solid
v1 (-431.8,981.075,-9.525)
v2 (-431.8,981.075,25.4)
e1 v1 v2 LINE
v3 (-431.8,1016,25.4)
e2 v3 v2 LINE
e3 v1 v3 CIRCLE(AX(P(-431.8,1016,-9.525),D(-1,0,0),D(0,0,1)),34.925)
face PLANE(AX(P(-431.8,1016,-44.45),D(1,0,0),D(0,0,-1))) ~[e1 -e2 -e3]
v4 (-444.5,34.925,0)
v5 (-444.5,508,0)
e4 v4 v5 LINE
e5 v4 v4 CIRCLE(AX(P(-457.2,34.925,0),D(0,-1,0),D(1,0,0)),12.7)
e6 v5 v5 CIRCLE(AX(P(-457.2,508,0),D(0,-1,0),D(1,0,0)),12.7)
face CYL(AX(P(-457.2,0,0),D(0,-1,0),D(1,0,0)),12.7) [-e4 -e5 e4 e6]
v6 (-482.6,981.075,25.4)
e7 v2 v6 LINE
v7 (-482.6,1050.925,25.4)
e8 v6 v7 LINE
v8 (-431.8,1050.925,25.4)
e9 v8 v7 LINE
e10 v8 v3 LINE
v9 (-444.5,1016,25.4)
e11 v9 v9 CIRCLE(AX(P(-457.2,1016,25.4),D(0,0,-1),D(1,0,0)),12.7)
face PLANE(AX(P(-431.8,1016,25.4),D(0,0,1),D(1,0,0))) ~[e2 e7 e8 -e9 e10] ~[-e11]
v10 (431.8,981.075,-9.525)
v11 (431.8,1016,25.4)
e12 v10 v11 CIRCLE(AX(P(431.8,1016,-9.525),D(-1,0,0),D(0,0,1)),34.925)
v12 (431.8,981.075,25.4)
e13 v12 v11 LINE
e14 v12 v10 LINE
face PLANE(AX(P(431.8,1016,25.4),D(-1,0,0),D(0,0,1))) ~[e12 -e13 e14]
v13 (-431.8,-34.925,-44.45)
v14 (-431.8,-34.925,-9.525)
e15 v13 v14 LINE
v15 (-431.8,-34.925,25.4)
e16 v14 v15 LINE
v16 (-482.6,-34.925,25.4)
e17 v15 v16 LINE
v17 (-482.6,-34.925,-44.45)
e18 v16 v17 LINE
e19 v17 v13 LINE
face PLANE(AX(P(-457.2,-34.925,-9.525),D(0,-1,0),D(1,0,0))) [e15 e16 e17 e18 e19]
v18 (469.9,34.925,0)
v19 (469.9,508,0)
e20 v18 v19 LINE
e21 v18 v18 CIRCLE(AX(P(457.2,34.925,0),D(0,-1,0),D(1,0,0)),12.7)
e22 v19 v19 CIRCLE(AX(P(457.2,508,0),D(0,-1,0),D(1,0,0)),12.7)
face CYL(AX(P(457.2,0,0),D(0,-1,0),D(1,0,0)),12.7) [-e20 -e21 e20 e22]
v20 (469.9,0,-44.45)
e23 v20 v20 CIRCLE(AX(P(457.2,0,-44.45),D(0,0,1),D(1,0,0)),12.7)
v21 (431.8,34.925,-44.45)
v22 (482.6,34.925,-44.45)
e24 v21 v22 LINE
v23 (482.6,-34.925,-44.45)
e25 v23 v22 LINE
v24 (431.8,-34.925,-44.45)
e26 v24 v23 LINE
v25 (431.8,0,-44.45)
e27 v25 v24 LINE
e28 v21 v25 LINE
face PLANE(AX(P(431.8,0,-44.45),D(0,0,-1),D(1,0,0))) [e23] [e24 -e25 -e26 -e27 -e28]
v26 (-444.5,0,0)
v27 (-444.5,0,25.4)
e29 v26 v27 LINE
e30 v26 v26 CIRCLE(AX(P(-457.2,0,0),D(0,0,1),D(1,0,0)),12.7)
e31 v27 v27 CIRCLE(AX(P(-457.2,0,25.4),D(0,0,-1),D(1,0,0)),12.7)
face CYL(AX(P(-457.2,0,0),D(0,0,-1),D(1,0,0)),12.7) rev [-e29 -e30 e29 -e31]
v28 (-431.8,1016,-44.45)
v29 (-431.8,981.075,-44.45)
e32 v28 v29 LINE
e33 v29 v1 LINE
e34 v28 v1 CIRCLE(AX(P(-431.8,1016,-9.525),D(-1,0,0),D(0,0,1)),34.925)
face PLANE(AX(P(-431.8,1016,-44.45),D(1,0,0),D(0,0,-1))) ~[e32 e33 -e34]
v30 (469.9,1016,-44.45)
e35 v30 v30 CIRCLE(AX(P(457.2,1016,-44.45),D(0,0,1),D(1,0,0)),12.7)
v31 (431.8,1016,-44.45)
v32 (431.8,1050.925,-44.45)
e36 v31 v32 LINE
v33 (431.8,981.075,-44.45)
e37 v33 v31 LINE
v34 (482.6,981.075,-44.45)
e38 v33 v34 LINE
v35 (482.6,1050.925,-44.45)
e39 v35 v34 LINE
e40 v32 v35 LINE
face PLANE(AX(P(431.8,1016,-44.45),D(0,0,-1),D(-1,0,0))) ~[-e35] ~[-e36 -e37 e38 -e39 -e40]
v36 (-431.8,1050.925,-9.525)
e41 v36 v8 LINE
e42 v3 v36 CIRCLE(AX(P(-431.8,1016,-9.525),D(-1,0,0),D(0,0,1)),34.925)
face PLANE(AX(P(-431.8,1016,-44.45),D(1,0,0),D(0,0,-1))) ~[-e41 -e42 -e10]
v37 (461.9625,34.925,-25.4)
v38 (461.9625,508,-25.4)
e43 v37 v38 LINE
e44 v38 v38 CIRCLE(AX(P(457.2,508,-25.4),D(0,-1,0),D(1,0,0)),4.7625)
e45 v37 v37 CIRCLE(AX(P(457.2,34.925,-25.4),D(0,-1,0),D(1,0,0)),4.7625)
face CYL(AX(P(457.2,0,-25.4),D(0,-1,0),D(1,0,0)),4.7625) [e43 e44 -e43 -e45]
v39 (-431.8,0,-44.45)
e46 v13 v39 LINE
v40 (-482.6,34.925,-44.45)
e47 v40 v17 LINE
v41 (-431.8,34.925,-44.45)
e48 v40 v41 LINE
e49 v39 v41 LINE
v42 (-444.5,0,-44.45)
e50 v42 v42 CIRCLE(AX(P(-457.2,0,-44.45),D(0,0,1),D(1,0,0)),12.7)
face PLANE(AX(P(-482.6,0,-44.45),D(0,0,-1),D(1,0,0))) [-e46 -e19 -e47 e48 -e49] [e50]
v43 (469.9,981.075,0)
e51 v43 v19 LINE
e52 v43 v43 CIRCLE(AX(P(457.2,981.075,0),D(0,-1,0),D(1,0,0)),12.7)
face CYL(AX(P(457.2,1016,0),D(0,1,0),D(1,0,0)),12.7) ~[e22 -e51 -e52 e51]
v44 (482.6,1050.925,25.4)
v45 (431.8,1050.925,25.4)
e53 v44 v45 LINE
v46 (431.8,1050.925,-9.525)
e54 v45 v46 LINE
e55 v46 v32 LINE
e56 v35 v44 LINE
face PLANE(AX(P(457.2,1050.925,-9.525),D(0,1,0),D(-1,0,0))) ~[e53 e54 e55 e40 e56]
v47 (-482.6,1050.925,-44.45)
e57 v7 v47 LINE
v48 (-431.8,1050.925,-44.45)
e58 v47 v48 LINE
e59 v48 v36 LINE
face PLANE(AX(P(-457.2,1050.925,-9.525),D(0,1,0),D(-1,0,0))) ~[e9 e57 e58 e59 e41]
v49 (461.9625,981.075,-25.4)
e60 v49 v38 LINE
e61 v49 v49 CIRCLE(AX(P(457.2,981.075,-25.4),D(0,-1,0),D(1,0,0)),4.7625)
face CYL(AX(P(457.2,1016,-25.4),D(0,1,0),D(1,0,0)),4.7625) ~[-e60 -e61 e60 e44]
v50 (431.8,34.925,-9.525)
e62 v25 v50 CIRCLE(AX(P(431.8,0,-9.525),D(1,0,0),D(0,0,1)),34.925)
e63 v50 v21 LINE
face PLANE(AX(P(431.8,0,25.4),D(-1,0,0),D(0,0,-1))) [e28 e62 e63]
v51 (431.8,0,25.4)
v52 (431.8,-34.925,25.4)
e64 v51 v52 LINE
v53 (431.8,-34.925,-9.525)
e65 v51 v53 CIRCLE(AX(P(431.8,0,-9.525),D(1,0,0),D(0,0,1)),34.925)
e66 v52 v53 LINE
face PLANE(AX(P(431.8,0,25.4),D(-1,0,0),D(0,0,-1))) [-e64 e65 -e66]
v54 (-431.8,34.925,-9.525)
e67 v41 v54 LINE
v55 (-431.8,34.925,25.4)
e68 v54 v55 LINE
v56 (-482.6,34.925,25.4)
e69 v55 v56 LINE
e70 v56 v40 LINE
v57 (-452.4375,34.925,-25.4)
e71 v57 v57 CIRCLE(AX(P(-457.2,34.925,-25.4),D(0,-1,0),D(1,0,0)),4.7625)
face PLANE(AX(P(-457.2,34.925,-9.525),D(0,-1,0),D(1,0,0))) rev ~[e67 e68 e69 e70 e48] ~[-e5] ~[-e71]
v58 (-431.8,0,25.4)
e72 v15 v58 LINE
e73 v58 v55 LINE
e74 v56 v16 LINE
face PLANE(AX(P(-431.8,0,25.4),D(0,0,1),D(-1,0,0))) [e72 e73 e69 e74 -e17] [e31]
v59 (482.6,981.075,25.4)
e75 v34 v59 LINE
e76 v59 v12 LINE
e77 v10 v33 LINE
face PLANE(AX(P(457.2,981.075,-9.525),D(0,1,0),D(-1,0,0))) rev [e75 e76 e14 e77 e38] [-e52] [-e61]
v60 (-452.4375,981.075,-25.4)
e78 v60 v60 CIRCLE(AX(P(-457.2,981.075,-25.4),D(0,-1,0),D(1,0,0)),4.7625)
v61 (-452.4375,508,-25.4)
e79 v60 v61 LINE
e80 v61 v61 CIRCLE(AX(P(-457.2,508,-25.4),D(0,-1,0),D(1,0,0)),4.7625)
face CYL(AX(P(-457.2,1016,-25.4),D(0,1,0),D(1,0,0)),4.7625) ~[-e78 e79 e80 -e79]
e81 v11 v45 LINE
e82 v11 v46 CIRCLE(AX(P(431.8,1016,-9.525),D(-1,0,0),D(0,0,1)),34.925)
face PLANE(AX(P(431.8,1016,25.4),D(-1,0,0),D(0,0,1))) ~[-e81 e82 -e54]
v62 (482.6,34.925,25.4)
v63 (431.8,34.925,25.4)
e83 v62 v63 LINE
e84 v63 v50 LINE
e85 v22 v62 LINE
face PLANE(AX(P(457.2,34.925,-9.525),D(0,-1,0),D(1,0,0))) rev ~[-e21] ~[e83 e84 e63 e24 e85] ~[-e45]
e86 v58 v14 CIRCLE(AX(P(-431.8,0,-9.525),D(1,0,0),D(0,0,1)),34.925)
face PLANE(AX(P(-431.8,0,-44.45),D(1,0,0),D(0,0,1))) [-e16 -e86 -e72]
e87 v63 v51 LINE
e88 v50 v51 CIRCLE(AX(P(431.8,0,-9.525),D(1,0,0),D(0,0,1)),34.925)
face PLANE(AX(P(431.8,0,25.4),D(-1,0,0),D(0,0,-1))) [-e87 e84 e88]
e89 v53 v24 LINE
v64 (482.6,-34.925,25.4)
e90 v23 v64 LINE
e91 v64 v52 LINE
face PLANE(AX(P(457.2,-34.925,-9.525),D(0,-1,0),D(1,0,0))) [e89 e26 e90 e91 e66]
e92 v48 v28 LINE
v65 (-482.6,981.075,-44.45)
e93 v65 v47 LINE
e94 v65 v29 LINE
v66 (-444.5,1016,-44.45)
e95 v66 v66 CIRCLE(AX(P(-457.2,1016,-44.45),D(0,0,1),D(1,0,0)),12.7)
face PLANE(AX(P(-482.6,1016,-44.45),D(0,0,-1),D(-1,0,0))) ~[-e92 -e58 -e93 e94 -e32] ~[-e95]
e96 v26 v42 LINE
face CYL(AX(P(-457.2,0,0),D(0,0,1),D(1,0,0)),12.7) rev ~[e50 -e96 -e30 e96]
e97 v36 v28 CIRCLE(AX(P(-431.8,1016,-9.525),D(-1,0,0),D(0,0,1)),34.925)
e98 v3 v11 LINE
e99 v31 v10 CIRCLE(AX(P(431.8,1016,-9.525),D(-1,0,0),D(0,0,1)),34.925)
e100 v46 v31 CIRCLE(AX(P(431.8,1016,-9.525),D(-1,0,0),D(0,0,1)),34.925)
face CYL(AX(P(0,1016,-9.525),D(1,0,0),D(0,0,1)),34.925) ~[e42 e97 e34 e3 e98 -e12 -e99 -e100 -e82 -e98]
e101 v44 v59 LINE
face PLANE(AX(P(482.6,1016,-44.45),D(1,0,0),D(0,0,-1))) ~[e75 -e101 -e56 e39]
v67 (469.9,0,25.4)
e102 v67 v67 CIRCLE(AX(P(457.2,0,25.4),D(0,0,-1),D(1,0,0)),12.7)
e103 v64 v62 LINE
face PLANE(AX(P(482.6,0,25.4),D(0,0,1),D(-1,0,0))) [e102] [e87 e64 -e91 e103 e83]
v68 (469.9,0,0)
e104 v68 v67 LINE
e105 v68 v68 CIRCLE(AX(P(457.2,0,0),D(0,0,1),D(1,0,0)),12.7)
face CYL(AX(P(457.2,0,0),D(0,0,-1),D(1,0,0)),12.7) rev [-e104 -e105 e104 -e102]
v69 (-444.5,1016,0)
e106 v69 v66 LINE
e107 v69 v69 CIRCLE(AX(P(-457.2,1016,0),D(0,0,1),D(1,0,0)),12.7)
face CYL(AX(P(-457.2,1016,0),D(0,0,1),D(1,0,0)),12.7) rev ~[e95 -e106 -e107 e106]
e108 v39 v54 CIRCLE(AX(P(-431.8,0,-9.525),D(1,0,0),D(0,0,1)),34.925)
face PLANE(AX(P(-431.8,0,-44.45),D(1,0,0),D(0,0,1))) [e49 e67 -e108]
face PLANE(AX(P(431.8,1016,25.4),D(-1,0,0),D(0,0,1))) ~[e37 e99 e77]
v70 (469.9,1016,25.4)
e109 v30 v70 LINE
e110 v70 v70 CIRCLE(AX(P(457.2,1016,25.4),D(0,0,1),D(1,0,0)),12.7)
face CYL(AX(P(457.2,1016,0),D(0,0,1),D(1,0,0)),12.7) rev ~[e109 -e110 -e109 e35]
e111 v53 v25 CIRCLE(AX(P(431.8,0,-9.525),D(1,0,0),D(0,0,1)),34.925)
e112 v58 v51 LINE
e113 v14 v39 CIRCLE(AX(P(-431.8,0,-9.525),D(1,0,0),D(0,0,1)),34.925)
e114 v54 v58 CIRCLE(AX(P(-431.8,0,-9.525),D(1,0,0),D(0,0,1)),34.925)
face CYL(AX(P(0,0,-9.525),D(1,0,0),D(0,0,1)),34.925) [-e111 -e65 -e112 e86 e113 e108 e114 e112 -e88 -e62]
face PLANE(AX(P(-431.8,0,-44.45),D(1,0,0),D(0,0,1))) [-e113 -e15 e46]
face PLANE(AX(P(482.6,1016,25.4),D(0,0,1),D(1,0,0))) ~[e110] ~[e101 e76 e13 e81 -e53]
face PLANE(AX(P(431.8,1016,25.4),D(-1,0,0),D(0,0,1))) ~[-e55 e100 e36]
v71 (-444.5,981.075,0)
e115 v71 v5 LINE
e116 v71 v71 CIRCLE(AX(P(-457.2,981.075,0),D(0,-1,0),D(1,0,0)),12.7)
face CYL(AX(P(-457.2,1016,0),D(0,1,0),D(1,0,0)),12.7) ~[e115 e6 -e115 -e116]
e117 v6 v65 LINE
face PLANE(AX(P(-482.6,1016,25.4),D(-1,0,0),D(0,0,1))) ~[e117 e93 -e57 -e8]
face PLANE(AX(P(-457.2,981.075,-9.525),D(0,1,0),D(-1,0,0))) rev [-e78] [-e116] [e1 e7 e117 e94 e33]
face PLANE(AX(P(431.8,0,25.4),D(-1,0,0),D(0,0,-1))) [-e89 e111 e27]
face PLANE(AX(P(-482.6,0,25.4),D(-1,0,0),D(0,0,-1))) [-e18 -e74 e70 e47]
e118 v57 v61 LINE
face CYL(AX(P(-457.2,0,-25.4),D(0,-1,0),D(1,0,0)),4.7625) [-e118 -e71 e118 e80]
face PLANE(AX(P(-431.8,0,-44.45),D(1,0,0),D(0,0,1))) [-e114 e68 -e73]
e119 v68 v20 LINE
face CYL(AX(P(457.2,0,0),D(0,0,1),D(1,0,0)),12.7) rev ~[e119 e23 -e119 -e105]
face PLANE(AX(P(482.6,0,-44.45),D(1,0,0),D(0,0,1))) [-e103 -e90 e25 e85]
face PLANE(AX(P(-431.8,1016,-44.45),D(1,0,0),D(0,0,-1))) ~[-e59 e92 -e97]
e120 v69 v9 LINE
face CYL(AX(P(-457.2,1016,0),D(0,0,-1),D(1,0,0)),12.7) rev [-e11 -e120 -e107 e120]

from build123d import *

# Parameters (mm, degrees)
F0_R     = 4.7625
F0_R_2   = 12.7
F1_DEPTH = 34.925
F0_W     = 863.6
F0_H     = 34.925
F3_DEPTH = 508
F6_R     = 12.7
F7_DEPTH = 63.5


with BuildPart() as f1:
    # F0 (on Front) → F1 (new body, symmetric)
    with BuildSketch(Plane.XZ):
        Polygon((482.6, 25.4), (431.8, 25.4), (431.8, -9.525), (431.8, -44.45), (482.6, -44.45), align=None)
        with Locations((457.2, -25.4)):
            Circle(F0_R, mode=Mode.SUBTRACT)
        with Locations((457.2, 0)):
            Circle(F0_R_2, mode=Mode.SUBTRACT)
        with Locations((457.2, 0)):
            Circle(F0_R_2)
        with Locations((457.2, -25.4)):
            Circle(F0_R)
    extrude(amount=F1_DEPTH, both=True)



with BuildPart() as f1b:
    # F0 (on Front) → F1, piece 2 (new body, symmetric)
    with BuildSketch(Plane.XZ):
        Polygon((-431.8, -9.525), (-431.8, 25.4), (-482.6, 25.4), (-482.6, -44.45), (-431.8, -44.45), align=None)
        with Locations((-457.2, -25.4)):
            Circle(F0_R, mode=Mode.SUBTRACT)
        with Locations((-457.2, 0)):
            Circle(F0_R_2, mode=Mode.SUBTRACT)
        with Locations((-457.2, 0)):
            Circle(F0_R_2)
        with Locations((-457.2, -25.4)):
            Circle(F0_R)
    extrude(amount=F1_DEPTH, both=True)


with BuildPart() as f1_1:
    add(f1.part)

    add(f1b.part)  # F2 merges F1b
    # F0 (on Front) → F2 (revolve)
    with BuildSketch(Plane.XZ):
        with Locations((0, 7.9375)):
            Rectangle(F0_W, F0_H)
    revolve(axis=Axis((0, 0, -9.525), (1, 0, 0)))

    # F0 (on Front) → F3 (join)
    with BuildSketch(Plane.XZ):
        with Locations((457.2, 0)):
            Circle(F0_R_2)
        with Locations((457.2, -25.4)):
            Circle(F0_R)
        with Locations((-457.2, 0)):
            Circle(F0_R_2)
        with Locations((-457.2, -25.4)):
            Circle(F0_R)
    extrude(amount=-F3_DEPTH)

    # F5: F1 across plane


with BuildPart() as f1_2:
    add(f1_1.part)
    add(f1_1.part.mirror(Plane.XZ.offset(-508)))

    # F6 (on Top) → F7 (cut, symmetric)
    with BuildSketch(Plane.XY):
        with Locations((-457.2, 0)):
            Circle(F6_R)
        with Locations((-457.2, 1016)):
            Circle(F6_R)
        with Locations((457.2, 0)):
            Circle(F6_R)
        with Locations((457.2, 1016)):
            Circle(F6_R)
    extrude(amount=F7_DEPTH, both=True, mode=Mode.SUBTRACT)


solid = f1_2.part
